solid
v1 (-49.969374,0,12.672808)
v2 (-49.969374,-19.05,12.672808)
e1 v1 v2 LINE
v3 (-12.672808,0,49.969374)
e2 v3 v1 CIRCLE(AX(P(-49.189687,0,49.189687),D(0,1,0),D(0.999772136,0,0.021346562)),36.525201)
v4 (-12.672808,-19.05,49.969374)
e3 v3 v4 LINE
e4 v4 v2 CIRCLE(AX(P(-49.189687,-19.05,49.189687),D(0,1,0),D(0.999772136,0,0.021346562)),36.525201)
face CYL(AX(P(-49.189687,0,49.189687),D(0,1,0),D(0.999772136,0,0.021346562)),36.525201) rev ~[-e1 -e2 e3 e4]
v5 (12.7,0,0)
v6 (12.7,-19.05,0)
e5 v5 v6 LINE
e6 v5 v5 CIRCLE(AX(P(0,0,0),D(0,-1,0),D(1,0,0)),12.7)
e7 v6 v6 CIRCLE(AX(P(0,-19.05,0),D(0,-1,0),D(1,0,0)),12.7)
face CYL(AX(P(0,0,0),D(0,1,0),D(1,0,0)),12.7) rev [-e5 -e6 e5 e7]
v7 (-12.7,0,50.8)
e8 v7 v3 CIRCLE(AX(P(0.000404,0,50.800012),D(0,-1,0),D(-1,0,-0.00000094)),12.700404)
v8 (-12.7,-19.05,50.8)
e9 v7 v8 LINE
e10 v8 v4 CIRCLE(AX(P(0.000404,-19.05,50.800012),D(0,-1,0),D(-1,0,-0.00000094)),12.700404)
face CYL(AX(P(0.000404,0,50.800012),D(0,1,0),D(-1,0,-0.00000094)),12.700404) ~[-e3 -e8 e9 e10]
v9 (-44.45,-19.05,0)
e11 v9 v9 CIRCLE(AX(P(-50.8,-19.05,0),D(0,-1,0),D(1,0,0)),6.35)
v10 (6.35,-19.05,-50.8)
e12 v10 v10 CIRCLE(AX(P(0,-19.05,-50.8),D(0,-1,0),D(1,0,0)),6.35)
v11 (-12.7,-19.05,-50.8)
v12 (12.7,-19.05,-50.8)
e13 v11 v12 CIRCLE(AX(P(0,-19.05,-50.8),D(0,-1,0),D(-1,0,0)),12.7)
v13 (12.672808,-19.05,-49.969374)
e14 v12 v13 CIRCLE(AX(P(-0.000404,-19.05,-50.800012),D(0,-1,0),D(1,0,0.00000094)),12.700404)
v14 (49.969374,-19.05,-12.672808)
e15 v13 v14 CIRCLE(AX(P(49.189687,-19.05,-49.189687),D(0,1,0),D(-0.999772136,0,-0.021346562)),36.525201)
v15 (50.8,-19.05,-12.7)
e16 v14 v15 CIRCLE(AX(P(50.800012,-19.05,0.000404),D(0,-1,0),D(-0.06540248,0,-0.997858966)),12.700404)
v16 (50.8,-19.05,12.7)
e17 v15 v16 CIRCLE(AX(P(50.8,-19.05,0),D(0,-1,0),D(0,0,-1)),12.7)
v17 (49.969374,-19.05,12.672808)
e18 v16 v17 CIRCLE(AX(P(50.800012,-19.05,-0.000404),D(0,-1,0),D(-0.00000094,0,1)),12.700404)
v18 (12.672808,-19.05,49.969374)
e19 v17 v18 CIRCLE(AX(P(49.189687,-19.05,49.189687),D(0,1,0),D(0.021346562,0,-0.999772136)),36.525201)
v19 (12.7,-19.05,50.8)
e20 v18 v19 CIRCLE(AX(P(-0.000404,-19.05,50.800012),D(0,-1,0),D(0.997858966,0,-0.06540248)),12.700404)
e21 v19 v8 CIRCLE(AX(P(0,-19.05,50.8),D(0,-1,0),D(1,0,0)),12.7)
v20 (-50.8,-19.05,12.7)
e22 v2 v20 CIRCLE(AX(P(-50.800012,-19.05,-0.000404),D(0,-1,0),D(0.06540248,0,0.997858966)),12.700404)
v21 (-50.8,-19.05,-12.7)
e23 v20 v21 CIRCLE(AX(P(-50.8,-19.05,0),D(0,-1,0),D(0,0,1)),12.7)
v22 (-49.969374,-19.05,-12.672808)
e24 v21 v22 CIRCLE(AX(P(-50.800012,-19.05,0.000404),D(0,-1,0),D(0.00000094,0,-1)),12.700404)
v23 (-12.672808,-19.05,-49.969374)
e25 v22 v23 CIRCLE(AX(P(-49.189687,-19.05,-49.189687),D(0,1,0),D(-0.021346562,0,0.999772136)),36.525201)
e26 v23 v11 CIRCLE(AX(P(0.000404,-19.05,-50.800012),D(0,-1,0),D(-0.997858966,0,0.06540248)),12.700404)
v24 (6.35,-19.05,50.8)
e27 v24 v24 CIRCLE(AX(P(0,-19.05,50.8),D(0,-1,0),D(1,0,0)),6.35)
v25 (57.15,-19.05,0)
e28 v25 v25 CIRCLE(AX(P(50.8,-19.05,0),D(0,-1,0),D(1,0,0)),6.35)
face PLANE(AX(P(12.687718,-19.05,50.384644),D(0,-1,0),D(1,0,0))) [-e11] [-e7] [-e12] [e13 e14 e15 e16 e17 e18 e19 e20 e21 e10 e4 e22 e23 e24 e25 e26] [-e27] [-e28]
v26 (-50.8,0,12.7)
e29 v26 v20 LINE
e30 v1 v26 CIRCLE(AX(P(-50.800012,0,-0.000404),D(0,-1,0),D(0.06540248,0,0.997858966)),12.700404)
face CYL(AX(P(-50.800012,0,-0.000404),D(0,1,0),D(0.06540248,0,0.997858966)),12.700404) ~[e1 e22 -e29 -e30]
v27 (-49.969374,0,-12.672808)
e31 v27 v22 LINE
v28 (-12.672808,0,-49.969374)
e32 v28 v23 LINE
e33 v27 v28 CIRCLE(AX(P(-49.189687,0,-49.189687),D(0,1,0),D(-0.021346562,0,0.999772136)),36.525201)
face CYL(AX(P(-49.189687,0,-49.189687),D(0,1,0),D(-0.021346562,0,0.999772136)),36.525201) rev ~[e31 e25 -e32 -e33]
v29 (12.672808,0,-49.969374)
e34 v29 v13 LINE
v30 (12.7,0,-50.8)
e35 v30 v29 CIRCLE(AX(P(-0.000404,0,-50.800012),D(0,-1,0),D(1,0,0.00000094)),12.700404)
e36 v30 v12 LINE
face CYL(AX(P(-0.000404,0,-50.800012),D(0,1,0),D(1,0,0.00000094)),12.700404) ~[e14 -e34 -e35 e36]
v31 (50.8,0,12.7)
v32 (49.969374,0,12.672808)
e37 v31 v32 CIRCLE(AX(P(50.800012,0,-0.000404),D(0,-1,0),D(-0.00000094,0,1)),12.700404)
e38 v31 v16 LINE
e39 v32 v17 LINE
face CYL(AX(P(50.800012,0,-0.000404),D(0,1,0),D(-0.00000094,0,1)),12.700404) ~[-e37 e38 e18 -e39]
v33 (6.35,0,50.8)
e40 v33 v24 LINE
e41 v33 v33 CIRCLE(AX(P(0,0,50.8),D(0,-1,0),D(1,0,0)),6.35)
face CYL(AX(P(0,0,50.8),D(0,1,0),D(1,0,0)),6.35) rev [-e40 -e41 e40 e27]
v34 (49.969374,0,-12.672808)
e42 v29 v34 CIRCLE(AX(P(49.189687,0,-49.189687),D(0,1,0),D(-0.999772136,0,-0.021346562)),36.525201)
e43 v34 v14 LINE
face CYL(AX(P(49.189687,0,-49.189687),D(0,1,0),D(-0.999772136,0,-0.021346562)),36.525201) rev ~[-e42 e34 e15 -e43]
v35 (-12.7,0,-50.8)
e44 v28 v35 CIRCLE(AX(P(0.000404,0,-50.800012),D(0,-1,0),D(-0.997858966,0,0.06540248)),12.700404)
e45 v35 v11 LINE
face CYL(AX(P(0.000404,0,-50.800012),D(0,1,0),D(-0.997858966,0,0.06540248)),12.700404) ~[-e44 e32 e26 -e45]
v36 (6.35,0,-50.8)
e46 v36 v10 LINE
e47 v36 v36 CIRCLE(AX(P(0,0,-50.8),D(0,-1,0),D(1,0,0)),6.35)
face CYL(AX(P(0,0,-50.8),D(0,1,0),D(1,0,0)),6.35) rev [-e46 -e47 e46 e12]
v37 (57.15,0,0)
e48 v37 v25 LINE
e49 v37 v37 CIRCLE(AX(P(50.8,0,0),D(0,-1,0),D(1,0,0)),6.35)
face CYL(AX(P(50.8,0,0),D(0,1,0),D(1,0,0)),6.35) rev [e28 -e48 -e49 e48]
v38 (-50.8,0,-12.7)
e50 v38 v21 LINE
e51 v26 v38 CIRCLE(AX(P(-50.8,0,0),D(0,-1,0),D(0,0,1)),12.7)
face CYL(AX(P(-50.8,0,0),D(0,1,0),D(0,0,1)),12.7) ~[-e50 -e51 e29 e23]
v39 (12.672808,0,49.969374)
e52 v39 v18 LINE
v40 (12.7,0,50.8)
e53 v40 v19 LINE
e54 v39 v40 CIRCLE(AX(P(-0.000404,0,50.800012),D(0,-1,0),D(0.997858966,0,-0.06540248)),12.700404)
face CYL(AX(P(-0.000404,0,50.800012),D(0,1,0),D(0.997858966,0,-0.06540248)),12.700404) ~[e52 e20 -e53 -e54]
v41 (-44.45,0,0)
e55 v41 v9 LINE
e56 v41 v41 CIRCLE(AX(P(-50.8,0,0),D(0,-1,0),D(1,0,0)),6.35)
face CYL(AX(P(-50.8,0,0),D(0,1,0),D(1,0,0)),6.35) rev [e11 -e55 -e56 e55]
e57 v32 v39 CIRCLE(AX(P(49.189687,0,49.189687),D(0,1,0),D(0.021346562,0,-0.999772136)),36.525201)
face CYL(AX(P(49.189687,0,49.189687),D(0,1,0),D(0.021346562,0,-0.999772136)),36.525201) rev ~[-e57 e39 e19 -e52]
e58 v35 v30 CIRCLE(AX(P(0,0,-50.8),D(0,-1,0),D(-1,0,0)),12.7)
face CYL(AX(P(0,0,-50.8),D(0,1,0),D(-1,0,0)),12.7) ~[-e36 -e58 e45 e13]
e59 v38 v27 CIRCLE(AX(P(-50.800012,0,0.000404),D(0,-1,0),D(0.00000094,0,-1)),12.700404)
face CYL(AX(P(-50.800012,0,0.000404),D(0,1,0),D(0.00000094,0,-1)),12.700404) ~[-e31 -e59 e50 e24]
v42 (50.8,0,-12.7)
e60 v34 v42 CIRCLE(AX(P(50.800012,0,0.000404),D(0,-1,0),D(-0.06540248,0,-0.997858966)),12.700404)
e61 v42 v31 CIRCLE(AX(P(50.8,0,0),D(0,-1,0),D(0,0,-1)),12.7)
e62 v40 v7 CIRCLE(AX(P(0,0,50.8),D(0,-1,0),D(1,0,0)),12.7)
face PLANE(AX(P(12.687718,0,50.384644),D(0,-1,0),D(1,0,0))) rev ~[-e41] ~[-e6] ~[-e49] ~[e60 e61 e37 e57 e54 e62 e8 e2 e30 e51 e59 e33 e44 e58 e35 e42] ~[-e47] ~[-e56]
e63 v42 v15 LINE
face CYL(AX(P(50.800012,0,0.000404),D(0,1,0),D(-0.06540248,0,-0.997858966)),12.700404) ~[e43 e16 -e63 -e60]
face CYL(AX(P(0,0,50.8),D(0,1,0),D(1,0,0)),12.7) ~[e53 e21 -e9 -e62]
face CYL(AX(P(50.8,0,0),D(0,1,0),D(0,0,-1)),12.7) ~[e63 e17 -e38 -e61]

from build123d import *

# Parameters (mm, degrees)
F0_R     = 6.35
F0_R_2   = 12.7
F1_DEPTH = 19.05


with BuildPart() as f1:
    # F0 (on Front) → F1 (new body)
    with BuildSketch(Plane.XZ):
        with BuildLine():
            ThreePointArc((12.7, 50.8), (12.684041, 50.384765), (12.672808, 49.969374))
            ThreePointArc((12.672808, 49.969374), (12.6932, 50.384465), (12.7, 50.8))
        make_face()
        with BuildLine():
            ThreePointArc((49.969374, 12.672808), (23.362469, 23.362469), (12.672808, 49.969374))
            ThreePointArc((12.672808, 49.969374), (12.684041, 50.384765), (12.7, 50.8))
            ThreePointArc((12.7, 50.8), (0, 63.5), (-12.7, 50.8))
            ThreePointArc((-12.7, 50.8), (-12.684041, 50.384765), (-12.672808, 49.969374))
            ThreePointArc((-12.672808, 49.969374), (-23.362469, 23.362469), (-49.969374, 12.672808))
            ThreePointArc((-49.969374, 12.672808), (-50.384765, 12.684041), (-50.8, 12.7))
            ThreePointArc((-50.8, 12.7), (-63.5, 0), (-50.8, -12.7))
            ThreePointArc((-50.8, -12.7), (-50.384765, -12.684041), (-49.969374, -12.672808))
            ThreePointArc((-49.969374, -12.672808), (-23.362469, -23.362469), (-12.672808, -49.969374))
            ThreePointArc((-12.672808, -49.969374), (-12.684041, -50.384765), (-12.7, -50.8))
            ThreePointArc((-12.7, -50.8), (0, -63.5), (12.7, -50.8))
            ThreePointArc((12.7, -50.8), (12.684041, -50.384765), (12.672808, -49.969374))
            ThreePointArc((12.672808, -49.969374), (23.362469, -23.362469), (49.969374, -12.672808))
            ThreePointArc((49.969374, -12.672808), (50.384765, -12.684041), (50.8, -12.7))
            ThreePointArc((50.8, -12.7), (63.5, 0), (50.8, 12.7))
            ThreePointArc((50.8, 12.7), (50.384765, 12.684041), (49.969374, 12.672808))
        make_face()
        with Locations((0, -50.8)):
            Circle(F0_R, mode=Mode.SUBTRACT)
        with Locations((-50.8, 0)):
            Circle(F0_R, mode=Mode.SUBTRACT)
        Circle(F0_R_2, mode=Mode.SUBTRACT)
        with Locations((50.8, 0)):
            Circle(F0_R, mode=Mode.SUBTRACT)
        with Locations((0, 50.8)):
            Circle(F0_R, mode=Mode.SUBTRACT)
        with BuildLine():
            ThreePointArc((50.8, 12.7), (50.384465, 12.6932), (49.969374, 12.672808))
            ThreePointArc((49.969374, 12.672808), (50.384765, 12.684041), (50.8, 12.7))
        make_face()
        with BuildLine():
            ThreePointArc((-12.672808, 49.969374), (-12.684041, 50.384765), (-12.7, 50.8))
            ThreePointArc((-12.7, 50.8), (-12.6932, 50.384465), (-12.672808, 49.969374))
        make_face()
        with BuildLine():
            ThreePointArc((49.969374, -12.672808), (50.384465, -12.6932), (50.8, -12.7))
            ThreePointArc((50.8, -12.7), (50.384765, -12.684041), (49.969374, -12.672808))
        make_face()
        with BuildLine():
            ThreePointArc((-50.8, 12.7), (-50.384765, 12.684041), (-49.969374, 12.672808))
            ThreePointArc((-49.969374, 12.672808), (-50.384465, 12.6932), (-50.8, 12.7))
        make_face()
        with BuildLine():
            ThreePointArc((12.7, -50.8), (12.6932, -50.384465), (12.672808, -49.969374))
            ThreePointArc((12.672808, -49.969374), (12.684041, -50.384765), (12.7, -50.8))
        make_face()
        with BuildLine():
            ThreePointArc((-49.969374, -12.672808), (-50.384765, -12.684041), (-50.8, -12.7))
            ThreePointArc((-50.8, -12.7), (-50.384465, -12.6932), (-49.969374, -12.672808))
        make_face()
        with BuildLine():
            ThreePointArc((-12.672808, -49.969374), (-12.6932, -50.384465), (-12.7, -50.8))
            ThreePointArc((-12.7, -50.8), (-12.684041, -50.384765), (-12.672808, -49.969374))
        make_face()
    extrude(amount=F1_DEPTH)


solid = f1.part
